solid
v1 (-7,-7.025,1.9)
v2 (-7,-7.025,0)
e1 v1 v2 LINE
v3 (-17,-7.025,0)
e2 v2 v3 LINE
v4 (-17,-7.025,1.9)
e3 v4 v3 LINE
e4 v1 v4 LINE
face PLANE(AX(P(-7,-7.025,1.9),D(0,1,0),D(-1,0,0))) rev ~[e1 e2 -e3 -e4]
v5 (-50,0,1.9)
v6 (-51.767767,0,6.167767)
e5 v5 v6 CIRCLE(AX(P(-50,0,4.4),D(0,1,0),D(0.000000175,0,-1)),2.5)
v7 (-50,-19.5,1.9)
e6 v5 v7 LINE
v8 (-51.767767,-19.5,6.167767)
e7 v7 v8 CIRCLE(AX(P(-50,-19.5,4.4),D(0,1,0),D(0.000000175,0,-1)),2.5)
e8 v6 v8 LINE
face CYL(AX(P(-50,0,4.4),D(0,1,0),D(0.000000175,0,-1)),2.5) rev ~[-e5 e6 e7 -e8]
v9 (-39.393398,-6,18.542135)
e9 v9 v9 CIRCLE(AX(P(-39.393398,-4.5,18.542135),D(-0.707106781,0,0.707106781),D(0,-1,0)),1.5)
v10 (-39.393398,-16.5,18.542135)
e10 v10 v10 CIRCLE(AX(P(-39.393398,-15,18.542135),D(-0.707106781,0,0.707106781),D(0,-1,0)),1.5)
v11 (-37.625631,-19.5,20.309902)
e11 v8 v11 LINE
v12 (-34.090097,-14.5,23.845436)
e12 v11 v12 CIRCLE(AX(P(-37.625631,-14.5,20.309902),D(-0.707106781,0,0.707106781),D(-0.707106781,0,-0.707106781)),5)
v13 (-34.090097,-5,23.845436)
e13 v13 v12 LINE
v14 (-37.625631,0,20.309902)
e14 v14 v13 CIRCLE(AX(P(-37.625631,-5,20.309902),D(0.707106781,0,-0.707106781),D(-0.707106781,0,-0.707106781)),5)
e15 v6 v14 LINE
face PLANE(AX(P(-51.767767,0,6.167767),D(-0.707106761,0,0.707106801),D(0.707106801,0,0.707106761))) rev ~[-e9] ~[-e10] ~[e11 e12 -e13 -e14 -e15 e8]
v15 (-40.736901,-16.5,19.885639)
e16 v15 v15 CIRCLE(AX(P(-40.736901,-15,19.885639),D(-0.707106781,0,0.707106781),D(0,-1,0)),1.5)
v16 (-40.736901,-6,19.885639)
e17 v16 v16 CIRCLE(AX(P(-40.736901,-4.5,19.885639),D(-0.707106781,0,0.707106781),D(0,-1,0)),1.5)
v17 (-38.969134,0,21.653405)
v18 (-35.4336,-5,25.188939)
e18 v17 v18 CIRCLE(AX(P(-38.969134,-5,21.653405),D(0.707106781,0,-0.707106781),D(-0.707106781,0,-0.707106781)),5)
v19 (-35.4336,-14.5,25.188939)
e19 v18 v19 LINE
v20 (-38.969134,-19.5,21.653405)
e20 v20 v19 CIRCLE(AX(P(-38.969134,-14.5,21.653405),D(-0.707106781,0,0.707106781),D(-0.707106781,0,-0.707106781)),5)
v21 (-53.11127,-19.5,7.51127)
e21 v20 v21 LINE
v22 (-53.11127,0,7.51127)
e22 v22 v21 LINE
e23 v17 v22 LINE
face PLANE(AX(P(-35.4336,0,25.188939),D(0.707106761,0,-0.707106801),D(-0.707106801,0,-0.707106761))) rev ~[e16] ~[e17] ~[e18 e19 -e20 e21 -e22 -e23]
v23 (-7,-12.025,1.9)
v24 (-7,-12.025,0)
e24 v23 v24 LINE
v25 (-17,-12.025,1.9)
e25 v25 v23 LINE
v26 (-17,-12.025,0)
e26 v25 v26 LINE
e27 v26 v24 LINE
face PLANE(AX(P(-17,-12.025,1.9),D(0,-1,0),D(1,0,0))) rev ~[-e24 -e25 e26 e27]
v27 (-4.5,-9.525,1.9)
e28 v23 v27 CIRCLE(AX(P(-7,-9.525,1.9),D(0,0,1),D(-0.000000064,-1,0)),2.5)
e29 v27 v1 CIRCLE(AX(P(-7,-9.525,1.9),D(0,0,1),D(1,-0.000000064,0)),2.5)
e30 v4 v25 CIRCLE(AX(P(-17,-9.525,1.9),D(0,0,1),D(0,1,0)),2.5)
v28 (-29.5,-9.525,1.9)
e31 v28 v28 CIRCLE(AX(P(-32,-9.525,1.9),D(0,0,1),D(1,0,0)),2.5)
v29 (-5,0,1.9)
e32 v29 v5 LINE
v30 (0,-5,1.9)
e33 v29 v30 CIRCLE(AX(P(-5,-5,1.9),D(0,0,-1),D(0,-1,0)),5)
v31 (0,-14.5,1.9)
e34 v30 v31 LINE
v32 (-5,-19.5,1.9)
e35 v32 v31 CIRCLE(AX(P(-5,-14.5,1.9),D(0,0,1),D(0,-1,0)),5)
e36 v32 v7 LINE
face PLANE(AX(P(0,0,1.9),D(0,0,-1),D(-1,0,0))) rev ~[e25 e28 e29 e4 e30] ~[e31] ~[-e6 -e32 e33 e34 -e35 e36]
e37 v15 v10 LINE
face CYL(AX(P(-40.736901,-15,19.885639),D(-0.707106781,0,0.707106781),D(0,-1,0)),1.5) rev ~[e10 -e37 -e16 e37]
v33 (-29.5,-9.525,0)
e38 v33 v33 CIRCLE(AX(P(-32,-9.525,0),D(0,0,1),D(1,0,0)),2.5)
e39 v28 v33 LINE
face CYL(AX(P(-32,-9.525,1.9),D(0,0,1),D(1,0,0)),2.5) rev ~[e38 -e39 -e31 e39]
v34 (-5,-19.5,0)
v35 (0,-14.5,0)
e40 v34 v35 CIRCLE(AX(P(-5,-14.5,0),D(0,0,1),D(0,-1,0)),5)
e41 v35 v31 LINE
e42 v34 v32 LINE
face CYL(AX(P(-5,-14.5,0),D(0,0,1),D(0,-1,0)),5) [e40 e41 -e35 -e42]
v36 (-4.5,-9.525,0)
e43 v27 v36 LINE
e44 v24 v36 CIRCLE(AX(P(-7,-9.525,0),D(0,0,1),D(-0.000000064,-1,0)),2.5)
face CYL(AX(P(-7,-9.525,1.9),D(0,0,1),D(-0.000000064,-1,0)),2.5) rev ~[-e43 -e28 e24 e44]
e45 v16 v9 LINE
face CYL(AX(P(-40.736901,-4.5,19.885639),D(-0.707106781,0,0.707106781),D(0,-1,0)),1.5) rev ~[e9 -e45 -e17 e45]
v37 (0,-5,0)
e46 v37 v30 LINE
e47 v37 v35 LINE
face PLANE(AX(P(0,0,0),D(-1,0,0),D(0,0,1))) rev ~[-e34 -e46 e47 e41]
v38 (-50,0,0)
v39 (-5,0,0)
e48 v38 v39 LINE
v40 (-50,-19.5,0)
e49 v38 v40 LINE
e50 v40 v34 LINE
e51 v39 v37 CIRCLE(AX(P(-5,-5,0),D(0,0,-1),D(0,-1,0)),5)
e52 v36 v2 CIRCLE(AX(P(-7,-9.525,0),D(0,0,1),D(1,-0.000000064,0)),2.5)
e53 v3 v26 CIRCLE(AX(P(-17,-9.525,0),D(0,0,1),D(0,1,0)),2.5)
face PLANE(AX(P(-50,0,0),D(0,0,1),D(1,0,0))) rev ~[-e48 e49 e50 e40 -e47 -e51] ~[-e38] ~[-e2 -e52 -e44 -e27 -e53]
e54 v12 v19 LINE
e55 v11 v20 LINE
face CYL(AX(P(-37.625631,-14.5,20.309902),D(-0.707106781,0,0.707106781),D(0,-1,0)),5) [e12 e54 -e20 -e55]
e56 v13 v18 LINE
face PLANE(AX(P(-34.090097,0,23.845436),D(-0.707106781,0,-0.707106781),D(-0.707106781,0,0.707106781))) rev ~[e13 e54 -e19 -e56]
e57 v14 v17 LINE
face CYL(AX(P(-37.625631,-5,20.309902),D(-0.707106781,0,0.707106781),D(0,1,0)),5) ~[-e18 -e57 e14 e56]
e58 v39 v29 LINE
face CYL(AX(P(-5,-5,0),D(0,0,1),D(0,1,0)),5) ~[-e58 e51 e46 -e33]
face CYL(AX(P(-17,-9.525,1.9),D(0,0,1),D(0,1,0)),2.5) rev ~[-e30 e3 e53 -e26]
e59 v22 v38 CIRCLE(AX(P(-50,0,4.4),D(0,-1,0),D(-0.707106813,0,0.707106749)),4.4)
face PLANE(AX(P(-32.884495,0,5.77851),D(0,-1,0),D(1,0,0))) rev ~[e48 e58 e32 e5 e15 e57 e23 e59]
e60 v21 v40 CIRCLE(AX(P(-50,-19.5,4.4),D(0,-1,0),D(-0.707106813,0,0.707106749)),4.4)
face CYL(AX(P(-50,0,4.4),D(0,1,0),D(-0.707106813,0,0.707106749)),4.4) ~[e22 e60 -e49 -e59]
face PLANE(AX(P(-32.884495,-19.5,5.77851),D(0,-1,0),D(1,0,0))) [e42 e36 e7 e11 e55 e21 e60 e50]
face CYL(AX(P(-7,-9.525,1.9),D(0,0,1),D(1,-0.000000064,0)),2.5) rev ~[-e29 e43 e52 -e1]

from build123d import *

# Parameters (mm, degrees)
F1_DEPTH = 19.5
F2_R     = 2.5
F3_DEPTH = 25
F4_R     = 1.5
F5_DEPTH = 12
F6_R     = 5


with BuildPart() as f1:
    # F0 (on Front) → F1 (new body)
    with BuildSketch(Plane.XZ):
        with BuildLine():
            Line((-50, 0), (0, 0))
            Line((0, 0), (0, 1.9))
            Line((0, 1.9), (-50, 1.9))
            ThreePointArc((-50, 1.9), (-52.309699, 3.443291), (-51.767767, 6.167767))
            Line((-51.767767, 6.167767), (-34.090097, 23.845436))
            Line((-34.090097, 23.845436), (-35.4336, 25.188939))
            Line((-35.4336, 25.188939), (-53.11127, 7.51127))
            ThreePointArc((-53.11127, 7.51127), (-54.06507, 2.716193), (-50, 0))
        make_face()
    extrude(amount=F1_DEPTH)

    # F2 (on face) → F3 (cut)
    with BuildSketch(Plane.XY.offset(1.9)):
        with BuildLine():
            ThreePointArc((-17, -12.025), (-15.232233, -11.292767), (-14.5, -9.525))
            ThreePointArc((-14.5, -9.525), (-15.232233, -7.757233), (-17, -7.025))
            ThreePointArc((-17, -7.025), (-19.5, -9.525), (-17, -12.025))
        make_face()
        with BuildLine():
            ThreePointArc((-17, -7.025), (-15.232233, -7.757233), (-14.5, -9.525))
            ThreePointArc((-14.5, -9.525), (-15.232233, -11.292767), (-17, -12.025))
            Line((-17, -12.025), (-7, -12.025))
            ThreePointArc((-7, -12.025), (-9.5, -9.525), (-7, -7.025))
            Line((-7, -7.025), (-17, -7.025))
        make_face()
        with BuildLine():
            ThreePointArc((-4.5, -9.525), (-5.232233, -7.757233), (-7, -7.025))
            ThreePointArc((-7, -7.025), (-9.5, -9.525), (-7, -12.025))
            ThreePointArc((-7, -12.025), (-5.232233, -11.292767), (-4.5, -9.525))
        make_face()
        with Locations((-32, -9.525)):
            Circle(F2_R)
    extrude(amount=-F3_DEPTH, mode=Mode.SUBTRACT)

    # F4 (on face) → F5 (cut)
    with BuildSketch(Plane(origin=(-30.31127, 0, 30.31127), x_dir=(0, -1, 0), z_dir=(-0.707107, 0, 0.707107))):
        with Locations((4.5, -14.744069)):
            Circle(F4_R)
        with Locations((15, -14.744069)):
            Circle(F4_R)
    extrude(amount=-F5_DEPTH, mode=Mode.SUBTRACT)

    # F6
    f6_edges = [f1.edges().sort_by_distance(p)[0] for p in [
        (-34.761849, 0, 24.517188),
        (-34.761849, -19.5, 24.517188),
        (0, -19.5, 0.95),
        (0, 0, 0.95),
    ]]
    fillet(f6_edges, radius=F6_R)


solid = f1.part
